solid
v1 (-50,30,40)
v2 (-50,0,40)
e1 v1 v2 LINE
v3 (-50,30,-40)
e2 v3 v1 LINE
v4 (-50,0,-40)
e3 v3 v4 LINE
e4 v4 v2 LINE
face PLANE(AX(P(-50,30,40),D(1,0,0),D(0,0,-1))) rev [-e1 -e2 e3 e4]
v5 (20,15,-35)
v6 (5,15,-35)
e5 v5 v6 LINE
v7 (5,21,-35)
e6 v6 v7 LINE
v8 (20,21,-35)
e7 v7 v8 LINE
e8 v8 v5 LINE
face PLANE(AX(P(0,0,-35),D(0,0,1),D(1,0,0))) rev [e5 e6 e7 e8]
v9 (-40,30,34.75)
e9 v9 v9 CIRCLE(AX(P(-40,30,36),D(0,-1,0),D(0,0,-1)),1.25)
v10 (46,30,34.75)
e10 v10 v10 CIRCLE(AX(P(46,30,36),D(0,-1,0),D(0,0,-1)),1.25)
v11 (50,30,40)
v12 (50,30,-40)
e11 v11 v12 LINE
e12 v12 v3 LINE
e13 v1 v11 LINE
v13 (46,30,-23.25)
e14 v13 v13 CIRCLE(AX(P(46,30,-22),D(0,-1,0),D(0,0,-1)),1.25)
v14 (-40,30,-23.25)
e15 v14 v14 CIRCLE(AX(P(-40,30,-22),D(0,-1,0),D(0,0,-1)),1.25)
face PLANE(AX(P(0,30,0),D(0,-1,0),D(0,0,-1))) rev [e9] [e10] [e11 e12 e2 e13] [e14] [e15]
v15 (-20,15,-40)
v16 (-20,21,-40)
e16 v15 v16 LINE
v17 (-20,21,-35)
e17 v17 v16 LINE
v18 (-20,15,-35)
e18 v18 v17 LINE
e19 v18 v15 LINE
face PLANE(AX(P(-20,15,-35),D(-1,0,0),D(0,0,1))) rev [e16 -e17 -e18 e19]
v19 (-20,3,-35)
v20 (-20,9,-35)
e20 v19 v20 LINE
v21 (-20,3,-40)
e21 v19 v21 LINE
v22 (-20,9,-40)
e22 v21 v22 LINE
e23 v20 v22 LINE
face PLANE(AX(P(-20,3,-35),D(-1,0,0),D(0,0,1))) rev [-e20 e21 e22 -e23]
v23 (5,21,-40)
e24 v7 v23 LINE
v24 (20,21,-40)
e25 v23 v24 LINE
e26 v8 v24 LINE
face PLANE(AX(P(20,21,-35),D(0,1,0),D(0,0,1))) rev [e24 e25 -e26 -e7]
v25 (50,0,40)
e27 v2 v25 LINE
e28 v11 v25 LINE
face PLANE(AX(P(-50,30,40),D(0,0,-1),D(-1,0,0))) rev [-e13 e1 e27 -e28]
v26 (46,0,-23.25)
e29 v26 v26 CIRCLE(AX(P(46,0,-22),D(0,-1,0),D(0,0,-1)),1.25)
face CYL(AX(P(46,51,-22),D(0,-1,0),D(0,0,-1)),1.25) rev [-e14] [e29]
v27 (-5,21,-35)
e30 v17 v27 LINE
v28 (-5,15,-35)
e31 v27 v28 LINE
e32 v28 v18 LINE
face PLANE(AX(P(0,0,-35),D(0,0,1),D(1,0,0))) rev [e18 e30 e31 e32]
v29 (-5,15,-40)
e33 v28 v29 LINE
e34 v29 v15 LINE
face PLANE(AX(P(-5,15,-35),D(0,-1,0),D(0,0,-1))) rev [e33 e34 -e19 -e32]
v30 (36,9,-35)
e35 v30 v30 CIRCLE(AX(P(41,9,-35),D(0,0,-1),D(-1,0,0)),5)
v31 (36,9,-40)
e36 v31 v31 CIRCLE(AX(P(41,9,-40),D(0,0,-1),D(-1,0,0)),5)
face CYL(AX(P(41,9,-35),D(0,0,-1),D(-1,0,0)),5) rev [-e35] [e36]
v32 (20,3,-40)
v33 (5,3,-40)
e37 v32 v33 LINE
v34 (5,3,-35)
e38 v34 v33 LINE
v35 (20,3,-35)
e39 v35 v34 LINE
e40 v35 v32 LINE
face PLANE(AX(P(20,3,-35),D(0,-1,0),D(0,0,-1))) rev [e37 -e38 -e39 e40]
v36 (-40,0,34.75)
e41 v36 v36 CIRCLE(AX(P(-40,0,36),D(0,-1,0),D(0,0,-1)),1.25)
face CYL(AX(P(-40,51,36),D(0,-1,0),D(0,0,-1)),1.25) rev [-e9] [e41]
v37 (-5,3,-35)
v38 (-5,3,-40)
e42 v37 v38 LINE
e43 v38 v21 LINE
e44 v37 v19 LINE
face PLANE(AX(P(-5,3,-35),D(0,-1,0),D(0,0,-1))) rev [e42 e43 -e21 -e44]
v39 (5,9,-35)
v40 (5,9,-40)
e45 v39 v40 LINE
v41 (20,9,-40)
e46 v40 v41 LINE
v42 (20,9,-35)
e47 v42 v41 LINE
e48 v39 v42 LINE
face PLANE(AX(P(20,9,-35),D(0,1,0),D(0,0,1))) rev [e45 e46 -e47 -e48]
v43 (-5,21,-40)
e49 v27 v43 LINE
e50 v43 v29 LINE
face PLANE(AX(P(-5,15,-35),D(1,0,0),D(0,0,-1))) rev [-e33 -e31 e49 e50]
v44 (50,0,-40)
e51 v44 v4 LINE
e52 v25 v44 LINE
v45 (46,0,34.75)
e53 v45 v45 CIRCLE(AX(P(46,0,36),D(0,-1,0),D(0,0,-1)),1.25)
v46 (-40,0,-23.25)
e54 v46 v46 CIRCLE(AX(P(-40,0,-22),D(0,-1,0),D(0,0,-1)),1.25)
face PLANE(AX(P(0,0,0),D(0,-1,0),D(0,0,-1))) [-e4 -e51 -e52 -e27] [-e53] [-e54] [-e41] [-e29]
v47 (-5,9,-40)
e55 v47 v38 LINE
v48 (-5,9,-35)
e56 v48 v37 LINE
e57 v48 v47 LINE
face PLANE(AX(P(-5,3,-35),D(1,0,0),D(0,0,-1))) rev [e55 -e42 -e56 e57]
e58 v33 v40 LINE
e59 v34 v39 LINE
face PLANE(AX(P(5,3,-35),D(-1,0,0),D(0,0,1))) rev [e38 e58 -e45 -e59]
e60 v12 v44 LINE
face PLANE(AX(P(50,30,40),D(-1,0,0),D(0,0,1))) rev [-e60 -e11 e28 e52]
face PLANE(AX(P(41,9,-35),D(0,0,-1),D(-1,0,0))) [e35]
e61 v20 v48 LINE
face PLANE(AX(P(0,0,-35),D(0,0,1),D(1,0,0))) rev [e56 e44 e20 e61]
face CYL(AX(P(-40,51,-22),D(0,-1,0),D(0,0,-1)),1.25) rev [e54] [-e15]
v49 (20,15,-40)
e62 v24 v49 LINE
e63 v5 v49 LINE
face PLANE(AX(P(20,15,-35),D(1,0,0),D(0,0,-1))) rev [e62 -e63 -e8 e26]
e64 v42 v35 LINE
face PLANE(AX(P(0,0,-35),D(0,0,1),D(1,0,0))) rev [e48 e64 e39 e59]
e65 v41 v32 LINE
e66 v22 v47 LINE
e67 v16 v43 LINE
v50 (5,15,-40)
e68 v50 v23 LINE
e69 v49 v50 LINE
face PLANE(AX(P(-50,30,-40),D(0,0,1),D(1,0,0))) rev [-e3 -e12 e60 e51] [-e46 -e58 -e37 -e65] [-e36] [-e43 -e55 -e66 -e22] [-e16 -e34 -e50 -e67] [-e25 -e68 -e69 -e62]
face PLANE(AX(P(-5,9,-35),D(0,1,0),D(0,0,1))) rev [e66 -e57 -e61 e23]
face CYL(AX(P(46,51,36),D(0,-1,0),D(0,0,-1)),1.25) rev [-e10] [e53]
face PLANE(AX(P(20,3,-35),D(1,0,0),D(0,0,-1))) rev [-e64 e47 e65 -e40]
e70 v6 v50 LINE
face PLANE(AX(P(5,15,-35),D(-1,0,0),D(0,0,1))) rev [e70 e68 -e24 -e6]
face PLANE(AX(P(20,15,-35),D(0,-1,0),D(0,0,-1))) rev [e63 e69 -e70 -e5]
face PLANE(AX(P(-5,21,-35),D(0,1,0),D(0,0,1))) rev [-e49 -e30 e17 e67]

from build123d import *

# Parameters (mm, degrees)
SKETCH_1_W          = 100
SKETCH_1_H          = 80
EXTRUDE_1_DEPTH     = 30
SKETCH_2_R          = 5
CUT_EXTRUDE_1_DEPTH = 5
SKETCH_3_W          = 15
SKETCH_3_H          = 6
CUT_EXTRUDE_2_DEPTH = 5
SKETCH_5_R          = 1.25
CUT_EXTRUDE_3_DEPTH = 51


with BuildPart() as part:
    # 草图1 → 凸台-拉伸1 (new body)
    with BuildSketch(Plane(origin=(0, 0, 0), x_dir=(1, 0, 0), z_dir=(0, 1, 0))):
        Rectangle(SKETCH_1_W, SKETCH_1_H)
    extrude(amount=EXTRUDE_1_DEPTH)

    # 草图2 → 切除-拉伸1 (cut)
    with BuildSketch(Plane(origin=(0, 0, -40), x_dir=(-1, 0, 0), z_dir=(0, 0, -1))):
        with Locations((-41, 9)):
            Circle(SKETCH_2_R)
    extrude(amount=-CUT_EXTRUDE_1_DEPTH, mode=Mode.SUBTRACT)

    # 草图3 → 切除-拉伸2 (cut)
    with BuildSketch(Plane(origin=(0, 0, -40), x_dir=(-1, 0, 0), z_dir=(0, 0, -1))):
        with Locations((-12.5, 18)):
            Rectangle(SKETCH_3_W, SKETCH_3_H)
        with Locations((12.5, 18)):
            Rectangle(SKETCH_3_W, SKETCH_3_H)
        with Locations((-12.5, 6)):
            Rectangle(SKETCH_3_W, SKETCH_3_H)
        with Locations((12.5, 6)):
            Rectangle(SKETCH_3_W, SKETCH_3_H)
    extrude(amount=-CUT_EXTRUDE_2_DEPTH, mode=Mode.SUBTRACT)

    # 草图5 → 切除-拉伸3 (cut)
    with BuildSketch(Plane.XZ):
        with Locations(Location((46, 36, 0), (0, 0, 270))):
            Circle(SKETCH_5_R)
        with Locations(Location((-40, 36, 0), (0, 0, 270))):
            Circle(SKETCH_5_R)
        with Locations(Location((-40, -22, 0), (0, 0, 270))):
            Circle(SKETCH_5_R)
        with Locations(Location((46, -22, 0), (0, 0, 270))):
            Circle(SKETCH_5_R)
    extrude(amount=-CUT_EXTRUDE_3_DEPTH, mode=Mode.SUBTRACT)


solid = part.part
